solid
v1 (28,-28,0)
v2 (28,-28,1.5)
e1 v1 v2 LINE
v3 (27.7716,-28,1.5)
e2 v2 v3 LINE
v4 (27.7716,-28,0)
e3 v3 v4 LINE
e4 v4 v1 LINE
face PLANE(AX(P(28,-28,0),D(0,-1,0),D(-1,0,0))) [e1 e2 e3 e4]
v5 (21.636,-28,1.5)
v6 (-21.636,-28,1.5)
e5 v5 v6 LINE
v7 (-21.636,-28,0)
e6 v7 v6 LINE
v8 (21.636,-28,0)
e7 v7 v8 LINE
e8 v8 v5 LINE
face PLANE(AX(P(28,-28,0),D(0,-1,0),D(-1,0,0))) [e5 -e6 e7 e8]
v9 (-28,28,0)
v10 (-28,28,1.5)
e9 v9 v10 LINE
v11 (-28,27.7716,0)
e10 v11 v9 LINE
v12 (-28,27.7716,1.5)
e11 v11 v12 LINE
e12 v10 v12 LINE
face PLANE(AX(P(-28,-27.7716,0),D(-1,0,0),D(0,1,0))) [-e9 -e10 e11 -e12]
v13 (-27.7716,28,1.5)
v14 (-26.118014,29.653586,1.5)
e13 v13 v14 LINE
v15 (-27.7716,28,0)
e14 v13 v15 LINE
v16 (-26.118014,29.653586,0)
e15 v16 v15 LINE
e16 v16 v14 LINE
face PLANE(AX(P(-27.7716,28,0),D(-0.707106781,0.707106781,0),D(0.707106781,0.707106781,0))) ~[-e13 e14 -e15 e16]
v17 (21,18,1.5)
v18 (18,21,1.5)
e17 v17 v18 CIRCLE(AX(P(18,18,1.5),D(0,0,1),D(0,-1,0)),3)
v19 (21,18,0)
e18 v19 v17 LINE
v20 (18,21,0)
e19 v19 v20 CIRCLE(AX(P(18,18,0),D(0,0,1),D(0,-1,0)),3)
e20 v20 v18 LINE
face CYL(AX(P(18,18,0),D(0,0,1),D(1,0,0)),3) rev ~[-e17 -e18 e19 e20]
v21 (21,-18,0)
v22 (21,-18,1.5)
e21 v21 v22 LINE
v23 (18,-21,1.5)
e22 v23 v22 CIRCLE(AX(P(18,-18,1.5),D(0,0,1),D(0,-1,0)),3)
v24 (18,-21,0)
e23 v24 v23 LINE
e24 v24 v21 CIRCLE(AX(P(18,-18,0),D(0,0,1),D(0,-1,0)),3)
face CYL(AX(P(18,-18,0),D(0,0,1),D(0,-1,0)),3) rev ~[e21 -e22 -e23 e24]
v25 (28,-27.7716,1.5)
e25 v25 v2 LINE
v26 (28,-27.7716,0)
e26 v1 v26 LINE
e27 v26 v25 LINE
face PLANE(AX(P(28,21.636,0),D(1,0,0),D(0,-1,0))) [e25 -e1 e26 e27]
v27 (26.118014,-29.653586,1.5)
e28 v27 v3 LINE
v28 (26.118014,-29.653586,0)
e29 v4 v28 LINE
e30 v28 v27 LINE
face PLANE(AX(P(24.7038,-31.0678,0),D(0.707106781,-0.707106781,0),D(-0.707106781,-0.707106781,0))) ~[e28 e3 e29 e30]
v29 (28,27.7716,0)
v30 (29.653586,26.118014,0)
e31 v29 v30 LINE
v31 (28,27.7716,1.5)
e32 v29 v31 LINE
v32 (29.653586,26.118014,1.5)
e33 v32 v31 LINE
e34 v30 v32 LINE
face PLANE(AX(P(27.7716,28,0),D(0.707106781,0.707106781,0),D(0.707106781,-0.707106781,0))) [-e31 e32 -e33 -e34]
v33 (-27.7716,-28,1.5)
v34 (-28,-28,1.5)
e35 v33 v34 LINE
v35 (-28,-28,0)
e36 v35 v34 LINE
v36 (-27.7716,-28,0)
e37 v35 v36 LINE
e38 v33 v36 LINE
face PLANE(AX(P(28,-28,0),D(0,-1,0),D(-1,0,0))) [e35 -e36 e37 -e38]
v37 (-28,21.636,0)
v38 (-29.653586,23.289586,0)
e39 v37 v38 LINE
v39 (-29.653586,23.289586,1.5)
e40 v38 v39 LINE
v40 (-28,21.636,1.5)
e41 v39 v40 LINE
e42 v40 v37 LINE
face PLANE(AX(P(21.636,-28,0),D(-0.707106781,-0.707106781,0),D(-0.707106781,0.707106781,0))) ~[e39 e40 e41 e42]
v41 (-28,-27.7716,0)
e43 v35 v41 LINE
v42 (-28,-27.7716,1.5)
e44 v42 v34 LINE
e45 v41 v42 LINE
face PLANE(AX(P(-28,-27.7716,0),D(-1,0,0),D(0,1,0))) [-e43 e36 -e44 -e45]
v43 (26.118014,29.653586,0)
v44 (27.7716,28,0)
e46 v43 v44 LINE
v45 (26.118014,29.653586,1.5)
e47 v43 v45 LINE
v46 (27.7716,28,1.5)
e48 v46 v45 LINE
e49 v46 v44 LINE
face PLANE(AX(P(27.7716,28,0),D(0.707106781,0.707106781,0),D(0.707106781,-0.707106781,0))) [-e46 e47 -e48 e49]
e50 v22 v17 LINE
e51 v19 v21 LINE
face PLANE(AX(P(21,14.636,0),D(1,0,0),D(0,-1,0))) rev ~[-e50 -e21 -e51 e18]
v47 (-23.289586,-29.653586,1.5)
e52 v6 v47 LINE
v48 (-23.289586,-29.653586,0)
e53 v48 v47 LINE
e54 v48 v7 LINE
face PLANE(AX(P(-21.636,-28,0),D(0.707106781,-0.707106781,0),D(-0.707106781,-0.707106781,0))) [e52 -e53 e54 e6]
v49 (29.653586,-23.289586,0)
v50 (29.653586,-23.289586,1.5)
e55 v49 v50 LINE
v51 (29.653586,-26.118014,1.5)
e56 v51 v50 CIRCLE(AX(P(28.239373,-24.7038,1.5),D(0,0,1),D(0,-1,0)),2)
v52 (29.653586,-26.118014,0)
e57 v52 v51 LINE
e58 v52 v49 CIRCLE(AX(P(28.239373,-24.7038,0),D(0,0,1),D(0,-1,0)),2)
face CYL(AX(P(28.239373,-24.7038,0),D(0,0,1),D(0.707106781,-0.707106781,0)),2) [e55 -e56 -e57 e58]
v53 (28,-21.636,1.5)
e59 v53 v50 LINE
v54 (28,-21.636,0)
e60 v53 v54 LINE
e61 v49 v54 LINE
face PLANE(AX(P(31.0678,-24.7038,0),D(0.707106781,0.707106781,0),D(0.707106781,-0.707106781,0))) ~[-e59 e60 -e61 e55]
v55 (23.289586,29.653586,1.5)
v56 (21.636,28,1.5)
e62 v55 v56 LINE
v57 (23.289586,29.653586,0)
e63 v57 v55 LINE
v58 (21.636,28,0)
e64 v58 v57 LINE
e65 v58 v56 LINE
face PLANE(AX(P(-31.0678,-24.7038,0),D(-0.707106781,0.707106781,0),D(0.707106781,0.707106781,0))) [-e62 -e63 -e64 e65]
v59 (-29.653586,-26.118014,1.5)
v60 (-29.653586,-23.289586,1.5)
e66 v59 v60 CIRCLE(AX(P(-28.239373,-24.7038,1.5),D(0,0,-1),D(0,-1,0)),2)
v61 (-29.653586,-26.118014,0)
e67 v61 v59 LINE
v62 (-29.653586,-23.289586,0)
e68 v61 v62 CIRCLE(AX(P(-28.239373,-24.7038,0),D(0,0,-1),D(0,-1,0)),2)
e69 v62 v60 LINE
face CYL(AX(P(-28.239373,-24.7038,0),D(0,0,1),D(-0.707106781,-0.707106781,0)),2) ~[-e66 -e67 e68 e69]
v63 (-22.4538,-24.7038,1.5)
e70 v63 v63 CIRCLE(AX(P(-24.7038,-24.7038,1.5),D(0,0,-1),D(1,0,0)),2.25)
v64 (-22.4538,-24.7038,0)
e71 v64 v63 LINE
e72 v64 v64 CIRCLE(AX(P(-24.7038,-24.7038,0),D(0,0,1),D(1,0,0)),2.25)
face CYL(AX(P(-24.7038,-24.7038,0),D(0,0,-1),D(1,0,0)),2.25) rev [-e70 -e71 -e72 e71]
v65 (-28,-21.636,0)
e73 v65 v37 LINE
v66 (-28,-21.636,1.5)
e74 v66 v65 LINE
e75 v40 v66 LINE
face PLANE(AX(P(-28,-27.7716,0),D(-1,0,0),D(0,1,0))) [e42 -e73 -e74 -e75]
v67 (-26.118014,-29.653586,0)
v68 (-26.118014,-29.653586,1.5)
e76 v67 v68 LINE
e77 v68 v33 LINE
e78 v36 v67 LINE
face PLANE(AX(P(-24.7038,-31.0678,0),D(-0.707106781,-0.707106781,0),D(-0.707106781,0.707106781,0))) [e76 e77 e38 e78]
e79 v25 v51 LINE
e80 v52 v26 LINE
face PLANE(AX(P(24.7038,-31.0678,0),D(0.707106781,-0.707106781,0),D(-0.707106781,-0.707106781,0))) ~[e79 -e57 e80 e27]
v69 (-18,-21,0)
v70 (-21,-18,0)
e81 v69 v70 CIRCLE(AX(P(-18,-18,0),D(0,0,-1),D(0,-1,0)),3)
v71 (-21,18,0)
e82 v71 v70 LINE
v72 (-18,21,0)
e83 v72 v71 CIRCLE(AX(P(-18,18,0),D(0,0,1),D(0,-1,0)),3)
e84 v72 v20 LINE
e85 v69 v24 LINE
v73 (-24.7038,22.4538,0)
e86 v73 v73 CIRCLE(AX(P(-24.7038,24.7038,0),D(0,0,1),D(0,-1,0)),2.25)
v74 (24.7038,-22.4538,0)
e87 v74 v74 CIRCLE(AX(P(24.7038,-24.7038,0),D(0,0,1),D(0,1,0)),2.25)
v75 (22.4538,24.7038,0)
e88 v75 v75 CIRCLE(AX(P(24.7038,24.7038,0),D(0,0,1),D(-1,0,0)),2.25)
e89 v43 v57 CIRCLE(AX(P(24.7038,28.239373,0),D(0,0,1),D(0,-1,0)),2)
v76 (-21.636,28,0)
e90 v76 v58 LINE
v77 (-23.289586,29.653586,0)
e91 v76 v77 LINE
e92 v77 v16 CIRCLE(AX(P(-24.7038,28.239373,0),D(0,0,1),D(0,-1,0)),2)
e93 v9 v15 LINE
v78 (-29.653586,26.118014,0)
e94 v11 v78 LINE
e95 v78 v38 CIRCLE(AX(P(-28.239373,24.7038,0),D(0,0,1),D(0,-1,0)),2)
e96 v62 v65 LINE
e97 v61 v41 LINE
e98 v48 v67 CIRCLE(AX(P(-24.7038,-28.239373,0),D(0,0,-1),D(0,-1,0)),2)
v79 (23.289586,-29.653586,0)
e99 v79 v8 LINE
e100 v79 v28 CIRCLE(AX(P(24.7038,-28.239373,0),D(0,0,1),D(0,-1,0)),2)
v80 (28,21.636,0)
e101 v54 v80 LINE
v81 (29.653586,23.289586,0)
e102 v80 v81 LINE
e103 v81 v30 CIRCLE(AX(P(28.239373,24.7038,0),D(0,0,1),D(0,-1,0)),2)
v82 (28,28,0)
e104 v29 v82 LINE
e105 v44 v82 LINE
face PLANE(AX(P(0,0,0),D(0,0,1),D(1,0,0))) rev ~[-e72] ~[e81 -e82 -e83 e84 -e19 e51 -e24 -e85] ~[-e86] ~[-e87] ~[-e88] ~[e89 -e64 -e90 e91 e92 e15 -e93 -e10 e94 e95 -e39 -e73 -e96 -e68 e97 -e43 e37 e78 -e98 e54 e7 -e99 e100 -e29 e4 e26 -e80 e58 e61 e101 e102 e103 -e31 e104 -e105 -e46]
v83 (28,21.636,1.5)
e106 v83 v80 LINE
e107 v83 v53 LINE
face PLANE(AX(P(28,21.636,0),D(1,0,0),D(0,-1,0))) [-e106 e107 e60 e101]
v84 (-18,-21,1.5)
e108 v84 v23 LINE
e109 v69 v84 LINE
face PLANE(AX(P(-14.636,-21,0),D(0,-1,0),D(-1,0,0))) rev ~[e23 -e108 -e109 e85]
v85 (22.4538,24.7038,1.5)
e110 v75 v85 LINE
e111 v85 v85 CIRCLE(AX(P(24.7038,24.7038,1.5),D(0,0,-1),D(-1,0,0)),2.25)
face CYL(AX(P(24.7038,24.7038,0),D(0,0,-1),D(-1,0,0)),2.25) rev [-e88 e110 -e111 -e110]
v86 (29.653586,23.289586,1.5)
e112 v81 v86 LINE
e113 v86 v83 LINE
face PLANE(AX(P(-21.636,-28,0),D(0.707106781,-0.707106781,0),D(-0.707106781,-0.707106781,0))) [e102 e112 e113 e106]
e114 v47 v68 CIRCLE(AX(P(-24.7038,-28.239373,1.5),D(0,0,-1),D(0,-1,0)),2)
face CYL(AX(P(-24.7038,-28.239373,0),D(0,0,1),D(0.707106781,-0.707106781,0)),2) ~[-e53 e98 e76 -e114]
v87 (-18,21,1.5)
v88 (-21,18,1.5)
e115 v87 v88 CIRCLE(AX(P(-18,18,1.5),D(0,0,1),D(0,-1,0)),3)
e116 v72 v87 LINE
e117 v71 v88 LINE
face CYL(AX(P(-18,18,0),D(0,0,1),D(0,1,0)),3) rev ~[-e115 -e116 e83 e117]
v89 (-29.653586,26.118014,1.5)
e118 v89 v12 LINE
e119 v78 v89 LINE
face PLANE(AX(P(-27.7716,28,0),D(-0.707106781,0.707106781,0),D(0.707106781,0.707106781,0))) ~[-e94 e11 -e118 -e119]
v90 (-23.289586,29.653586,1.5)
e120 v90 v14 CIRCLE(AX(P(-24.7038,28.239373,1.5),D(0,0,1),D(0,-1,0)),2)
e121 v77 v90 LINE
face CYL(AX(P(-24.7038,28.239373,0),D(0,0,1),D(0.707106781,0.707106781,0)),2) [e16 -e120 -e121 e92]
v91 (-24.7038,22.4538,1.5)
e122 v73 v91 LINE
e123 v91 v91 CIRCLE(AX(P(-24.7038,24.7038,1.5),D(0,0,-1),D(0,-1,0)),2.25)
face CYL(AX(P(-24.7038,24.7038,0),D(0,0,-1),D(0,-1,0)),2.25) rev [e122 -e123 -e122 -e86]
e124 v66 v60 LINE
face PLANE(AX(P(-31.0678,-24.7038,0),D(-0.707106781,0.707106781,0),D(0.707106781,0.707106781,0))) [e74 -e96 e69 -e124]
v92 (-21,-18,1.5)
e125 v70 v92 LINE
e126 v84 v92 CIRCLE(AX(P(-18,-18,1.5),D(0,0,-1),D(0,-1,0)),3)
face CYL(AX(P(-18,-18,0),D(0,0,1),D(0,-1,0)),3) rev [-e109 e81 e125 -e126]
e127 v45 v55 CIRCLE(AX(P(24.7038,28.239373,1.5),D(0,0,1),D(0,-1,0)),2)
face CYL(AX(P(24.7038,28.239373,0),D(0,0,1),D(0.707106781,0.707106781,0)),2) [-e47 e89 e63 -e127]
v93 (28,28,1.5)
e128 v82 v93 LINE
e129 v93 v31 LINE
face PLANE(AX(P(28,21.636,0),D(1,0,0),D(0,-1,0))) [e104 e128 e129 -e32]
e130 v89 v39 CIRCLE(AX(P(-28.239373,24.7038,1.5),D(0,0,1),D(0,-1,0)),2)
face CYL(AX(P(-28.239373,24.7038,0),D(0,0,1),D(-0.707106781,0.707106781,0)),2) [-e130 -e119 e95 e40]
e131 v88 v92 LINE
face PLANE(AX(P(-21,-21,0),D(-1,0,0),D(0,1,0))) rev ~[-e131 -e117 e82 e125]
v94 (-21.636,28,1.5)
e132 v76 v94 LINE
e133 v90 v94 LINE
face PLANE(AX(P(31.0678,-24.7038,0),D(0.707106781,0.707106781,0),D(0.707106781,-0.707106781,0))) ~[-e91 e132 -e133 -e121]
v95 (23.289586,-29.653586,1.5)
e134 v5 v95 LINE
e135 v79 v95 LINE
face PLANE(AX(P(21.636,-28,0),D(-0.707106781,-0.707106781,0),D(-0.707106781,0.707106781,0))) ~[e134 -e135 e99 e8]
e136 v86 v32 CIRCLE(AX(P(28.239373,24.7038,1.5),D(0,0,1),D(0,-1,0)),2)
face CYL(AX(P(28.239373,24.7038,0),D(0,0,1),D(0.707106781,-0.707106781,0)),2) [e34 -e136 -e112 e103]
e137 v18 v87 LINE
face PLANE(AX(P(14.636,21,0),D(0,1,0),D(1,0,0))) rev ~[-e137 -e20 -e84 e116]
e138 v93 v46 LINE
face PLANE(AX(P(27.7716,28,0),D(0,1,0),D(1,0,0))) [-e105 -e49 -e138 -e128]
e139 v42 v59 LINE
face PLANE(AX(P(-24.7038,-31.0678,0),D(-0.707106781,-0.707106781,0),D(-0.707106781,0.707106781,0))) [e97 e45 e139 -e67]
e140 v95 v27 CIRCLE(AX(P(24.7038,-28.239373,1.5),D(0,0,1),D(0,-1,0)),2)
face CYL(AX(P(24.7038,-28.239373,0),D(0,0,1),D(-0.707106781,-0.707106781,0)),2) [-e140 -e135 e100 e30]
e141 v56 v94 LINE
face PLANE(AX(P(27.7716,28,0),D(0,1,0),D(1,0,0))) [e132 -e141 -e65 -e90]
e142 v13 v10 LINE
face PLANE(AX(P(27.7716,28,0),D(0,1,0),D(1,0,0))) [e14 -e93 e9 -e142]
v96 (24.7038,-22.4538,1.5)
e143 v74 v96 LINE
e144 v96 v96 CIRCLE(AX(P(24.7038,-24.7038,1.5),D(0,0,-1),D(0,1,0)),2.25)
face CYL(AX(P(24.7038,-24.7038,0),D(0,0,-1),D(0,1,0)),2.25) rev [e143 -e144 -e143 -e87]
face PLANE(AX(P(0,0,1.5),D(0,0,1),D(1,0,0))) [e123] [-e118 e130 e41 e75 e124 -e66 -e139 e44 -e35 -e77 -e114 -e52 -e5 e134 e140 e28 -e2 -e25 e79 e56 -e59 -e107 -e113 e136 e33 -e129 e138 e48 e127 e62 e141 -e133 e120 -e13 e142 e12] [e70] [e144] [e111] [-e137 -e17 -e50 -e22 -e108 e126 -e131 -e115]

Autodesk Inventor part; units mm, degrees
ref_plane "YZ Plane" through (0, 0, 0) normal (1, 0, 0) x (0, 1, 0)
ref_plane "XZ Plane" through (0, 0, 0) normal (0, 1, 0) x (-1, 0, 0)
ref_plane "XY Plane" through (0, 0, 0) normal (0, 0, 1) x (1, 0, 0)
sketch "Sketch1" plane through (0, 0, 0) normal (0, 0, 1) x (1, 0, 0)
  line L0 (-48, 48) -> (48, 48)
  line L1 (48, 48) -> (48, -48)
  line L2 (48, -48) -> (-48, -48)
  line L3 (-48, -48) -> (-48, 48)
  line L4 (38, 38) -> (-38, 38)
  line L5 (-38, 38) -> (-38, -38)
  line L6 (-38, -38) -> (38, -38)
  line L7 (38, -38) -> (38, 38)
  line L8 (0, 152.7233) -> (0, -72.1628) construction
  line L9 (-77.8847, 0) -> (88.8171, 0) construction
  line L10 (-48, 43) -> (48, 43) construction
  line L11 (-43, 48) -> (-43, -48) construction
  line L12 (-48, -43) -> (48, -43) construction
  circle A0 centre (-43, 25) radius 2.25
  circle A1 centre (-43, -25) radius 2.25
  circle A2 centre (-43, -43) radius 2.25
  circle A3 centre (-43, 43) radius 2.25
  line L13 (-48, 30) -> (48, 30) construction
  line L14 (-48, -30) -> (48, -30) construction
  line L15 (-50, 31) -> (-36, 31)
  line L16 (-36, 31) -> (-36, -31)
  line L17 (-36, -31) -> (-50, -31)
  line L18 (-50, -31) -> (-50, 31)
  point P0 (0, 0)
  point P1 (0, 48)
  point P2 (48, 0)
  dimension "d0" = 96
  dimension "d1" = 96
  dimension "d2" = 10
  dimension "d5" = 5
  dimension "d11" = 5
  dimension "d14" = 5
  dimension "d31" = 4.5
  dimension "d32" = 4.5
  dimension "d61" = 4.5
  dimension "d62" = 4.5
  dimension "d65" = 30
  dimension "d66" = 30
  dimension "d67" = 5
  dimension "d68" = 5
  dimension "d74" = 1
  dimension "d75" = 1
  dimension "d76" = 2
  dimension "d77" = 2
sketch "Sketch3" plane through (0, 0, 0) normal (0, 0, 1) x (1, 0, 0)
  circle A0 centre (-43, 43) radius 2.25 projected
  circle A1 centre (-43, -43) radius 2.25 projected
  line L0 (48, -48) -> (-48, -48) projected
  line L1 (-48, -48) -> (-48, 48) projected
  line L2 (-38, -38) -> (38, -38) projected
  line L3 (-38, 38) -> (-38, -38) projected
  line L4 (38, 38) -> (-38, 38) projected
  line L5 (-48, 48) -> (48, 48) projected
  line L6 (0, 62.8599) -> (0, -69.2948) construction
  line L7 (-75.2692, 0) -> (82.2152, 0) construction
  line L8 (-28, 28) -> (28, 28)
  line L9 (28, 28) -> (28, -28)
  line L10 (28, -28) -> (-28, -28)
  line L11 (-28, -28) -> (-28, 28)
  line L12 (38, -38) -> (38, 38) projected
  line L13 (48, 48) -> (48, -48) projected
  line L14 (-31.0678, -24.7038) -> (24.7038, 31.0678)
  line L15 (24.7038, 31.0678) -> (31.0678, 24.7038)
  line L16 (31.0678, 24.7038) -> (-24.7038, -31.0678)
  line L17 (-24.7038, -31.0678) -> (-31.0678, -24.7038)
  line L18 (-37.8254, -37.8254) -> (27.8858, 27.8858) construction
  line L19 (-3.182, 3.182) -> (3.182, -3.182) construction
  line L20 (-48, -48) -> (-29.3, -48)
  line L21 (-29.3, -48) -> (-29.3, -29.3)
  line L22 (-29.3, -29.3) -> (-48, -29.3)
  line L23 (-48, -29.3) -> (-48, -48)
  line L24 (-35.664, -29.3) -> (-25.0574, -18.6934)
  line L25 (-25.0574, -18.6934) -> (-18.6934, -25.0574)
  line L26 (-18.6934, -25.0574) -> (-29.3, -35.664)
  line L27 (-29.3, -35.664) -> (-35.664, -29.3)
  line L28 (-32.482, -32.482) -> (-21.8754, -21.8754) construction
  line L29 (-30.3607, -23.9967) -> (-23.9967, -30.3607) construction
  circle A2 centre (-24.7038, -24.7038) radius 2.25
  line L30 (-21, 21) -> (21, 21)
  line L31 (21, 21) -> (21, -21)
  line L32 (21, -21) -> (-21, -21)
  line L33 (-21, -21) -> (-21, 21)
  point P0 (0, 0)
  point P1 (0, 0)
  point P2 (0, 21)
  point P3 (0, 28)
  point P4 (21, 0)
  point P5 (28, 0)
  dimension "d80" = 9
  dimension "d81" = 18.7
  dimension "d83" = 10
  dimension "d84" = 10
  dimension "d85" = 10
  dimension "d86" = 10
  dimension "d98" = 15
  dimension "d99" = 9
  dimension "d100" = 4.5
  dimension "d101" = 4
  dimension "d102" = 1
  dimension "d108" = 18.7
  dimension "d113" = 42
  dimension "d114" = 42
extrude "Extrusion7" add sketch "Sketch3" along normal blind 1.5 contours L16 L32 L31 L9 L10 | L10 L17 L11 L14 L25 L16 | L10 L11 L17 | L25 L14 L33 L32 L16 | L11 L8 L14 L30 L33 | L16 L31 L30 L14 L8 L15 L9 | L32 L33 L14 L30 L31 L16 | L16 L31 L32 | L15 L8 L9 | L33 L30 L14 | A2
extrude "Extrusion9" add sketch "Sketch3" along normal blind 1.5 contours L17 L10 L16 | L10 L17 L11 L14 L25 L16 | L14 L11 L17 | L25 L14 L33 L32 L16 | L16 L31 L30 L14 L8 L15 L9 | L9 L15 L16 | L32 L33 L14 L30 L31 L16 | L14 L15 L8 | A2
mirror "Mirror6" about plane through (0, 0, 0) normal (1, 0, 0) of "Extrusion9"
extrude "Extrusion10" cut sketch "Sketch3" along normal blind 10 contours A2
pattern_circular "Circular Pattern3" count 4 over 360 about axis through (0, 0, -10) along (0, 0, 1) of "Extrusion10"
fillet "Fillet2" radius 2 2 edges at (-24.7038, -31.0678, 0.75) (-31.0678, -24.7038, 0.75)
pattern_circular "Circular Pattern4" count 4 over 360 about axis through (0, 0, -10) along (0, 0, 1) of "Fillet2"
extrude "Extrusion11" cut sketch "Sketch3" along normal blind 10 contours L32 L33 L14 L30 L31 L16 | L16 L31 L32 | L33 L30 L14
fillet "Fillet3" radius 3 4 edges at (-21, 21, 0.75) (21, 21, 0.75) (21, -21, 0.75) (-21, -21, 0.75)
equation "\"d31\" = screw"
equation "\"d32\" = screw"
equation "\"d61\" = screw"
equation "\"d62\" = screw"
equation "\"screw\" = 4.5"
properties part number "Base" material "PC/ABS Plastic"
